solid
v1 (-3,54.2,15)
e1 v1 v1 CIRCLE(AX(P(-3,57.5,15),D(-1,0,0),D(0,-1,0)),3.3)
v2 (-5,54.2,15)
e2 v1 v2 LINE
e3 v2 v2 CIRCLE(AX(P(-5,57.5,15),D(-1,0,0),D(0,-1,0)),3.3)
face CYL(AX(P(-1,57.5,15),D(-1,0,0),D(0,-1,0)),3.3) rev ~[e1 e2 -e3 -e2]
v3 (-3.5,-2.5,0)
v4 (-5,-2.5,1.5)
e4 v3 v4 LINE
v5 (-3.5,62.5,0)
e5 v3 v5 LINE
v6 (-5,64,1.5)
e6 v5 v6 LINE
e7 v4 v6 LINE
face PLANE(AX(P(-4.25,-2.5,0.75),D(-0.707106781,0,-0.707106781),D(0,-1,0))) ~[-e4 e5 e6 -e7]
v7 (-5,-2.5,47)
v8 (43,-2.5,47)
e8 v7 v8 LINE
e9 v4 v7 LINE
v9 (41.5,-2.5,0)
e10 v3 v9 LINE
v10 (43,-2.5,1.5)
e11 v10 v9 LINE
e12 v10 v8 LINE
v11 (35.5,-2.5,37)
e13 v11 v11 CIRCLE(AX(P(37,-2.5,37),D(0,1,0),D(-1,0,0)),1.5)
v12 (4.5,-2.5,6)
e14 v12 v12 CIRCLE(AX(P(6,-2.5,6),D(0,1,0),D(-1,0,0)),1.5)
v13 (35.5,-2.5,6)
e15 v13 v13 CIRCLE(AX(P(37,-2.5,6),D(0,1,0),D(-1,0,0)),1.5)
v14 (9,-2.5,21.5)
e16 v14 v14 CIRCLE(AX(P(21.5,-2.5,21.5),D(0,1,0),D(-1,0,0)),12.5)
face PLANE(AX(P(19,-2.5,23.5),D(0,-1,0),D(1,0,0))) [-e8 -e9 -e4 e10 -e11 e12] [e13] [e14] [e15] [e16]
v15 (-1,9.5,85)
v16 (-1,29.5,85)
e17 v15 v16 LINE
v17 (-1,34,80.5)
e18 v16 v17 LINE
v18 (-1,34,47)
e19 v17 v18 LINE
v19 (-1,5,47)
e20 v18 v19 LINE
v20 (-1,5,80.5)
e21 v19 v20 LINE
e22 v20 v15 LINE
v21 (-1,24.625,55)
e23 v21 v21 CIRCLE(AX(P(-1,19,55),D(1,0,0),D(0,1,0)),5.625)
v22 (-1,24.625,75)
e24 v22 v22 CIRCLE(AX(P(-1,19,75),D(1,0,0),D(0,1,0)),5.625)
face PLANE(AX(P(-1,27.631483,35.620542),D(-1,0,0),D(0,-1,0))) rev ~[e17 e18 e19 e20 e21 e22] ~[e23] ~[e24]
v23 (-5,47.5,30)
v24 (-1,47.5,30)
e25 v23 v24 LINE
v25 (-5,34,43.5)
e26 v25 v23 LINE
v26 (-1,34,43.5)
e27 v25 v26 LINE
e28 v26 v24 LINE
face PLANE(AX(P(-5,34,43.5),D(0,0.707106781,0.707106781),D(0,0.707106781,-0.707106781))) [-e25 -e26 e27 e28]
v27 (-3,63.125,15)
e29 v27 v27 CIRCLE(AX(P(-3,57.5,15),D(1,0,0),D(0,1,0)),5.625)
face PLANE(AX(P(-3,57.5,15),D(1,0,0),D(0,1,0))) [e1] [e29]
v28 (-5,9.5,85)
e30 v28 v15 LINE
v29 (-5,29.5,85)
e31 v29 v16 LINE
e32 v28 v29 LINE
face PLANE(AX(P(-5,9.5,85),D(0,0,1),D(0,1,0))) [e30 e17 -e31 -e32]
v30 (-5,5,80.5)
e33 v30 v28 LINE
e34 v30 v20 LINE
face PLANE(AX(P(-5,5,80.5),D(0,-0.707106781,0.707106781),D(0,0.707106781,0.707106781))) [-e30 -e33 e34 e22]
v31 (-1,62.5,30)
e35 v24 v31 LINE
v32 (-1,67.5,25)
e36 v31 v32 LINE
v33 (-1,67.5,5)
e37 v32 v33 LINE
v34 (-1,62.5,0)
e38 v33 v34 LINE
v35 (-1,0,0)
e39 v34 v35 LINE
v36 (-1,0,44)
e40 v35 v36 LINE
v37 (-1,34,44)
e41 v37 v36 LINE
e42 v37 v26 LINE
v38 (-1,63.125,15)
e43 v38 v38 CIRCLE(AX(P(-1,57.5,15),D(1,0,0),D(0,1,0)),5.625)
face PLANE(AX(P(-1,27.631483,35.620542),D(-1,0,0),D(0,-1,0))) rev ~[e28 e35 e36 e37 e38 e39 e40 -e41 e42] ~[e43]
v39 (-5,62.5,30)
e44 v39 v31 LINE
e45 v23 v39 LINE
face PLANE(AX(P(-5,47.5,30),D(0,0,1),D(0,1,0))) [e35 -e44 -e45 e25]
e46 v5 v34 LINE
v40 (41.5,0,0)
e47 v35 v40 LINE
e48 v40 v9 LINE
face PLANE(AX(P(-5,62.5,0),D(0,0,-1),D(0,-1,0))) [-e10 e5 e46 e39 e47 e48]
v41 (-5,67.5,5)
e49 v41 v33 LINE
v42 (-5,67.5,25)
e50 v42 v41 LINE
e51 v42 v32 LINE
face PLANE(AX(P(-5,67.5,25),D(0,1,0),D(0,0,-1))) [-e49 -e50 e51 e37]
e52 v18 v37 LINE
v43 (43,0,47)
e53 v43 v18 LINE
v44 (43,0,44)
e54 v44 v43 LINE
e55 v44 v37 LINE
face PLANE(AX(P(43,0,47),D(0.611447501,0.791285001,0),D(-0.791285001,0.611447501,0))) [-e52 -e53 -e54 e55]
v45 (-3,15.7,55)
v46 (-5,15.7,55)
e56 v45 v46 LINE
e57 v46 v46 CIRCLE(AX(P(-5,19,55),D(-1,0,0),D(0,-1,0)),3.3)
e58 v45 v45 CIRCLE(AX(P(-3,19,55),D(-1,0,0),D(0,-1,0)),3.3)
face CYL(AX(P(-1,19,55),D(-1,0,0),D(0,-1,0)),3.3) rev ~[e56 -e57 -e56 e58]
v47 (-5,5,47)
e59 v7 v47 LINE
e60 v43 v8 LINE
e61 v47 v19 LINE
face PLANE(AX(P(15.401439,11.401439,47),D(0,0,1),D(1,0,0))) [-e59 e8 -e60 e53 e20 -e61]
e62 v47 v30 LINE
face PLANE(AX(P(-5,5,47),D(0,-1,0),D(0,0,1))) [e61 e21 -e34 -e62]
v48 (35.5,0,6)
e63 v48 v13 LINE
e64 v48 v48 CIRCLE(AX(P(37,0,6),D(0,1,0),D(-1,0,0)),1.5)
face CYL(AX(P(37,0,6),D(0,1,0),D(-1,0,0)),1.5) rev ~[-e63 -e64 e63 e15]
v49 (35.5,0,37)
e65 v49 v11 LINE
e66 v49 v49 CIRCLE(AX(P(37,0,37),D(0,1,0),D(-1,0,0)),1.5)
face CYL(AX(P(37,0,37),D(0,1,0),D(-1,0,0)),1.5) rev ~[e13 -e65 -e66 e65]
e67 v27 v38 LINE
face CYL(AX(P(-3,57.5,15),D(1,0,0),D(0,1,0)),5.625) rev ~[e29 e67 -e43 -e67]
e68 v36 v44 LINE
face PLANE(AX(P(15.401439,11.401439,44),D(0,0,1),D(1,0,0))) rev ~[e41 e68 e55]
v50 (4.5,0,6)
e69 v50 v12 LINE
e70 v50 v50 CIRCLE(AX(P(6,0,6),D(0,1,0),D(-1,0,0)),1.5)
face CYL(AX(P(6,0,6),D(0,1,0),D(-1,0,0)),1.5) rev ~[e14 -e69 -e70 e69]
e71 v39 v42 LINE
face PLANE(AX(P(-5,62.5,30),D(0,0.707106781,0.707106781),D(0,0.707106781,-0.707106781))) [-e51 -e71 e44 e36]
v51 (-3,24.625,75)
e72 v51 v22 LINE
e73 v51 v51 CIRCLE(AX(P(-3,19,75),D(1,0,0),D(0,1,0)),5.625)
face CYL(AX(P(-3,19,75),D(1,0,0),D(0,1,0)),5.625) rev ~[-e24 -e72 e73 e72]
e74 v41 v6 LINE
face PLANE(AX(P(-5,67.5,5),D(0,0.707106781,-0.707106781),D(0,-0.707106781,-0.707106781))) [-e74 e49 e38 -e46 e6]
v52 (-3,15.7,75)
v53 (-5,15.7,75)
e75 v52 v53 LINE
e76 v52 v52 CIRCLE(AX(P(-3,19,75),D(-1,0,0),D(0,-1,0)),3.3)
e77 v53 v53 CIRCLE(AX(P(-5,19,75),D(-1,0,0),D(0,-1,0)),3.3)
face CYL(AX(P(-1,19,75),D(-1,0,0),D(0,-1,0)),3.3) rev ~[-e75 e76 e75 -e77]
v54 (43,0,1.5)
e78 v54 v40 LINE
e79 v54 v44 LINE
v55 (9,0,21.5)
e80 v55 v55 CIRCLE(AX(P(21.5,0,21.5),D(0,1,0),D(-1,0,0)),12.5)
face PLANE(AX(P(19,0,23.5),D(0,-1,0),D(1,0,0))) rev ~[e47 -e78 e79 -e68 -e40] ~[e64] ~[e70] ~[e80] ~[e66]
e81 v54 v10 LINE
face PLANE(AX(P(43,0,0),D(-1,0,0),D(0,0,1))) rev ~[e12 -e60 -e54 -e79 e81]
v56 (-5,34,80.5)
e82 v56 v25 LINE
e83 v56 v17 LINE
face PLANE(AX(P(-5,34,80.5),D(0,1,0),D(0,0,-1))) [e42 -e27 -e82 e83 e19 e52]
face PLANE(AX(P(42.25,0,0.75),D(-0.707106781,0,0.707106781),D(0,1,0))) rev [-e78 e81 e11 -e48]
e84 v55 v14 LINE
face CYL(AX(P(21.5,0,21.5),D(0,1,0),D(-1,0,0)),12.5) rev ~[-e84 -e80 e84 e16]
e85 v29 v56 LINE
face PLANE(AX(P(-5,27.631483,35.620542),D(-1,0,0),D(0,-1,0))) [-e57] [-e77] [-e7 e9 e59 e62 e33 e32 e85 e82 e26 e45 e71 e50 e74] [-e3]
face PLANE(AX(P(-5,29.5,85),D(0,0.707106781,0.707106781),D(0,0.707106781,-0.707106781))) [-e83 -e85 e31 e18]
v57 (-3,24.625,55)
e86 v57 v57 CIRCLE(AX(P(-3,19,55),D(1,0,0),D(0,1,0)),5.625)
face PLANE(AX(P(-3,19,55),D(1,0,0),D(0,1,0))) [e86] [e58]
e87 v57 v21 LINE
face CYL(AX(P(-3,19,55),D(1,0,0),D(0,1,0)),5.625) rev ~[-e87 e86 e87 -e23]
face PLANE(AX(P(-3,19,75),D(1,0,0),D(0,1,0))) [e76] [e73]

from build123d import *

# Parameters (mm, degrees)
F1_W           = 48
F1_H           = 47
F2_DEPTH       = 2.5
F4_DEPTH       = 4
F6_DEPTH       = 3
F8_D           = 6.6
F8_CBORE_D     = 11.25
F8_CBORE_DEPTH = 2
F9_R           = 1.5
F9_R_2         = 12.5
F10_DEPTH      = 2.501
F11_SIZE       = 1.5


with BuildPart() as f2:
    # F1 (on Front) → F2 (new body)
    with BuildSketch(Plane.XZ):
        with Locations((19, 23.5)):
            Rectangle(F1_W, F1_H)
    extrude(amount=F2_DEPTH)

    # F3 (on face) → F4 (join)
    with BuildSketch(Plane(origin=(-5, 0, 0), x_dir=(0, -1, 0), z_dir=(-1, 0, 0))):
        Polygon((-62.5, 0), (0, 0), (0, 47), (-5, 47), (-5, 80.5), (-9.5, 85), (-29.5, 85), (-34, 80.5), (-34, 43.5), (-47.5, 30), (-62.5, 30), (-67.5, 25), (-67.5, 5), align=None)
    extrude(amount=-F4_DEPTH)

    # F5 (on face) → F6 (join)
    with BuildSketch(Plane.XY.offset(47)):
        Polygon((-1, 5), (-1, 0), (43, 0), (-1, 34), align=None)
    extrude(amount=-F6_DEPTH)

    # F8 (through all)
    with Locations(Plane.YZ.offset(-1)):
        with Locations((19, 75), (19, 55), (57.5, 15)):
            CounterBoreHole(F8_D / 2, F8_CBORE_D / 2, F8_CBORE_DEPTH)

    # F9 (on face) → F10 (cut, through all)
    with BuildSketch(Plane(origin=(0, 0, 0), x_dir=(-1, 0, 0), z_dir=(0, 1, 0))):
        with Locations((-37, 37)):
            Circle(F9_R)
        with Locations((-37, 6)):
            Circle(F9_R)
        with Locations((-6, 6)):
            Circle(F9_R)
        with Locations((-21.5, 21.5)):
            Circle(F9_R_2)
    extrude(amount=-F10_DEPTH, mode=Mode.SUBTRACT)

    # F11
    f11_edges = [f2.edges().sort_by_distance(p)[0] for p in [
        (43, -1.25, 0),
        (-5, 30, 0),
    ]]
    chamfer(f11_edges, length=F11_SIZE)


solid = f2.part
